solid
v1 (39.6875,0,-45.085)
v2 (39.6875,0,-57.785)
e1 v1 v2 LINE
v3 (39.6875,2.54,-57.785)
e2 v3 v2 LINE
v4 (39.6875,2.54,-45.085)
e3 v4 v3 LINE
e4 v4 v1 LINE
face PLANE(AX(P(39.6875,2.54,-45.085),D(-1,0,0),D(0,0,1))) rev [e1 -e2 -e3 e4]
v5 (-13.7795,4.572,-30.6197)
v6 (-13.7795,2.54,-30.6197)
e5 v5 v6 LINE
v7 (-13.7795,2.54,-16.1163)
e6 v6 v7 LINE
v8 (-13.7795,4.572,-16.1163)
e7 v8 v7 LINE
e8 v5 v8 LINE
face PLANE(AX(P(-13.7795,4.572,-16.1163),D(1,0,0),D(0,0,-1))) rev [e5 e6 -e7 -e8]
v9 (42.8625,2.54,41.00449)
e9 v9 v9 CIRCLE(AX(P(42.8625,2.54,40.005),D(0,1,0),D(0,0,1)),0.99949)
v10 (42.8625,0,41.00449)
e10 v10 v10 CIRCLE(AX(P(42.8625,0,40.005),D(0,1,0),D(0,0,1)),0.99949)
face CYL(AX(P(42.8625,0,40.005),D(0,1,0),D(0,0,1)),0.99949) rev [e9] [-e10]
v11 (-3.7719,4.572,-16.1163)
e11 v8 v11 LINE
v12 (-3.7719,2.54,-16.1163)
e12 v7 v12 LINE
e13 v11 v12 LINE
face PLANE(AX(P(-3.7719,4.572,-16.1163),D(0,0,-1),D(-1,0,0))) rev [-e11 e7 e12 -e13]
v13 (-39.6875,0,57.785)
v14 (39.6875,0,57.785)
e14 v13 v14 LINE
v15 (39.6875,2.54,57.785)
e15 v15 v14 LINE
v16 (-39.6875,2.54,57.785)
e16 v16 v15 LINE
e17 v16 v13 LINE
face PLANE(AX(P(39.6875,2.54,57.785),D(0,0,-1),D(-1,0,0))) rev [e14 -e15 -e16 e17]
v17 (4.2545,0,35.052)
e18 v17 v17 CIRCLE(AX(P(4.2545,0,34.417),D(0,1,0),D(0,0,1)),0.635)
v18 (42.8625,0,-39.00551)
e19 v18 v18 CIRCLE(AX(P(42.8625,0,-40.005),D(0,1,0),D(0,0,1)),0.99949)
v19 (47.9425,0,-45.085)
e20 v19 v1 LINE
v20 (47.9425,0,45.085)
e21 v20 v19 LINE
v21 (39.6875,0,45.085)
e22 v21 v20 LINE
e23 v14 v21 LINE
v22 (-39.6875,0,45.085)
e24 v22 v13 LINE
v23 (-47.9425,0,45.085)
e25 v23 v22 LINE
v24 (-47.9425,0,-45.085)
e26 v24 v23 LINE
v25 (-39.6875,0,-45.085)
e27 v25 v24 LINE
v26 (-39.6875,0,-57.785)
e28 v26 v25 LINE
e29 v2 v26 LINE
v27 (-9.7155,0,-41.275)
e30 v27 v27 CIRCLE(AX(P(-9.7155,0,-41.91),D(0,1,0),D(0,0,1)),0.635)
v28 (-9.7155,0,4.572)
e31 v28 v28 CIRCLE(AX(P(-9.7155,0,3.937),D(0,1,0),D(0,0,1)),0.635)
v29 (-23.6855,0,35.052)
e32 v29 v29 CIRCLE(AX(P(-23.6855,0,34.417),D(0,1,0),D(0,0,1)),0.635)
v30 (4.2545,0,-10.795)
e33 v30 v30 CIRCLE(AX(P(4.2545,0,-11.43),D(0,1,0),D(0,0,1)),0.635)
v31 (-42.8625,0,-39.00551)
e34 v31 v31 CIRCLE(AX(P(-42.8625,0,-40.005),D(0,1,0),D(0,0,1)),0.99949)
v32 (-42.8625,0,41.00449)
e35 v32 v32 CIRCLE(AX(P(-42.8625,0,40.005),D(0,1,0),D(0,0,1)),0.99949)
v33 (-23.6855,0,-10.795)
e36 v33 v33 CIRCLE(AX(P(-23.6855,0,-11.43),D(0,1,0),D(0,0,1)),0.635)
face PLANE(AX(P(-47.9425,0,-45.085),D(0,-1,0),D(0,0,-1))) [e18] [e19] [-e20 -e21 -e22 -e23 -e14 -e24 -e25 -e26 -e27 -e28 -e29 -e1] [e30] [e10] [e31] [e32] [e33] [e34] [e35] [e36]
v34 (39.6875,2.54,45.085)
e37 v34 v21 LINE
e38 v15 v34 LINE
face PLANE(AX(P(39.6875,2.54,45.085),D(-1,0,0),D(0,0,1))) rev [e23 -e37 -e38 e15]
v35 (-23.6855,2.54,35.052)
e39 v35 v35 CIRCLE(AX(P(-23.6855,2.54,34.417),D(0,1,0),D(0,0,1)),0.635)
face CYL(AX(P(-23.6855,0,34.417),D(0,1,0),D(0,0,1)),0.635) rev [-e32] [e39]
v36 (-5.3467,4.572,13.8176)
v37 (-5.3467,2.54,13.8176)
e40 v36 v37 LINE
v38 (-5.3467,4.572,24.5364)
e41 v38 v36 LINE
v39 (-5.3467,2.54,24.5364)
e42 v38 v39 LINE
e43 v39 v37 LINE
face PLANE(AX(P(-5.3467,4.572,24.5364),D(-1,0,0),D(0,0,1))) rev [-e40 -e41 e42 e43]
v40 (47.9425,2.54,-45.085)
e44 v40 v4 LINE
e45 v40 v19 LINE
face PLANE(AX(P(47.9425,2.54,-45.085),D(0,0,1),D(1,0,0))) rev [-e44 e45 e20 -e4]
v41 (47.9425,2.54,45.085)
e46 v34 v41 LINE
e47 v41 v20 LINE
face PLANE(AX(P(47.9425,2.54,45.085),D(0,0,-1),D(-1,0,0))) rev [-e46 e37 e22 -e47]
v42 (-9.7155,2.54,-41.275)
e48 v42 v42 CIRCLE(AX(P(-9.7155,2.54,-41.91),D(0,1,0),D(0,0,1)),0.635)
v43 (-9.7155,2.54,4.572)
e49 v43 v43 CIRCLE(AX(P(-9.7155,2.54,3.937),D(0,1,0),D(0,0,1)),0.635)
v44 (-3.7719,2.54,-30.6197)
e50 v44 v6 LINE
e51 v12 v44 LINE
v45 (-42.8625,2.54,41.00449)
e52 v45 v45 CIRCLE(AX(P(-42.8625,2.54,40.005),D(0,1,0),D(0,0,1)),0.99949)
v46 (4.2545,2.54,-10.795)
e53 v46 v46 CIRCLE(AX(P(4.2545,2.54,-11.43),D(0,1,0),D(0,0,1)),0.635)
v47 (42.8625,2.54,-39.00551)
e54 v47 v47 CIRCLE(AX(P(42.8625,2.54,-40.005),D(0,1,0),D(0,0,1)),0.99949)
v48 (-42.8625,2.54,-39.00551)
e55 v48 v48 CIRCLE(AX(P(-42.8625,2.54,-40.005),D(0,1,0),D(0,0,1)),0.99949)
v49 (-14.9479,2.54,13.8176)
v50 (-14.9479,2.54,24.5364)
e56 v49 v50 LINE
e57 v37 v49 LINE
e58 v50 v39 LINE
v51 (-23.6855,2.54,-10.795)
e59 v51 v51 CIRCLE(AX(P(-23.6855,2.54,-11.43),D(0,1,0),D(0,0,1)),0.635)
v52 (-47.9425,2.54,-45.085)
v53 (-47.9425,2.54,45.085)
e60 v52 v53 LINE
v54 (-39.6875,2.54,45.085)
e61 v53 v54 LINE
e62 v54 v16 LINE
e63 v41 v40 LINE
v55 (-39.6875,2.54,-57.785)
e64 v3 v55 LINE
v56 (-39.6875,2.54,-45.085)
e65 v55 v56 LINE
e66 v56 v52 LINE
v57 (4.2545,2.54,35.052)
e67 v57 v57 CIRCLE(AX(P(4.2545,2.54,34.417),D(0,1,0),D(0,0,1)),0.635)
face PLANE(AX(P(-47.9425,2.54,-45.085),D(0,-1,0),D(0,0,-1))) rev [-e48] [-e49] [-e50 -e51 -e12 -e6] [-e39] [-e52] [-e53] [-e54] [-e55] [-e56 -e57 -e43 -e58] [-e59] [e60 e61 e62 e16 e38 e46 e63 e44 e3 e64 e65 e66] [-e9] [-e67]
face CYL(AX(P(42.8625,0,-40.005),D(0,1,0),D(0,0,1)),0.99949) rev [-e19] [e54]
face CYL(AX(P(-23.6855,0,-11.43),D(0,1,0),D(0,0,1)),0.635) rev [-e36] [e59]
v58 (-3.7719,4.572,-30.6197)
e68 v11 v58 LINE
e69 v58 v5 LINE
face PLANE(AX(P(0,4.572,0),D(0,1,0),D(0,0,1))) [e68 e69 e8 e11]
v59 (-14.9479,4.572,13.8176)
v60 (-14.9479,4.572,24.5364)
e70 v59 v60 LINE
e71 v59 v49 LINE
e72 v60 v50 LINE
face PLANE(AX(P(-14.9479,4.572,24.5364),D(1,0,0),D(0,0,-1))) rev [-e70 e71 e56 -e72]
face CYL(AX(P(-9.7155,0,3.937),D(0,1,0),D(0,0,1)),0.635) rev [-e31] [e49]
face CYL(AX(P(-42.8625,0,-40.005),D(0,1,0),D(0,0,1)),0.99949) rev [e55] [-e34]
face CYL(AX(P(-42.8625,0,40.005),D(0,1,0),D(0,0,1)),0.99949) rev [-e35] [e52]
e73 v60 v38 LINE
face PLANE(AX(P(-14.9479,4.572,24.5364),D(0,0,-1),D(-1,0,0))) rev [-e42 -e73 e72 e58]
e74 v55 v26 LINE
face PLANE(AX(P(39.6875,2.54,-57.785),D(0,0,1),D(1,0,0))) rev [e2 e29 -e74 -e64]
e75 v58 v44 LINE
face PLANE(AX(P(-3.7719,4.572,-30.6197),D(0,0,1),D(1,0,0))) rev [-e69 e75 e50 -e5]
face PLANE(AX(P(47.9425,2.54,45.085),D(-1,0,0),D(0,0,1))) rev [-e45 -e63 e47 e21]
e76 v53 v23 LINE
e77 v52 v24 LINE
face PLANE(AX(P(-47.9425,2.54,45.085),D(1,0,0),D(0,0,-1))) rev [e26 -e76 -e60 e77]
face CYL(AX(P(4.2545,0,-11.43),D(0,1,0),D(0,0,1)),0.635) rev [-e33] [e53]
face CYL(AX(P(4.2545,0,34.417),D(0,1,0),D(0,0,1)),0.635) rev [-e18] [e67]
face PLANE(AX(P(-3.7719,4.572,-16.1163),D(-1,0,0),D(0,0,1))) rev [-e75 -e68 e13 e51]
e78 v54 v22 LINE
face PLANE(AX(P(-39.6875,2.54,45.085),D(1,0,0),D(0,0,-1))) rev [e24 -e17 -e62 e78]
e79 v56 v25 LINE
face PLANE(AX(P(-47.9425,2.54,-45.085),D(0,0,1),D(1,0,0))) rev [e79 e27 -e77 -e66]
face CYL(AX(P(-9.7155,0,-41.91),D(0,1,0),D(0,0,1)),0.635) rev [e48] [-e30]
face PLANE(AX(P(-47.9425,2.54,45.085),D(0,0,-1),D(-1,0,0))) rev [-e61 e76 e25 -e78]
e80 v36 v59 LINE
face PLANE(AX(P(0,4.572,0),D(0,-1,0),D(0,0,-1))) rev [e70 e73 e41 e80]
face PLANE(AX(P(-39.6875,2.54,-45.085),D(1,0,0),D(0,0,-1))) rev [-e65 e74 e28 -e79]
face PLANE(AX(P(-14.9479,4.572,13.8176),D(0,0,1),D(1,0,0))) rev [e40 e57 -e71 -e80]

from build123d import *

# Parameters (mm, degrees)
BOSS_EXTRUDE1_DEPTH = 2.54
SKETCH3_W           = 9.6012
SKETCH3_H           = 10.7188
SKETCH3_W_2         = 10.0076
SKETCH3_H_2         = 14.5034
BOSS_EXTRUDE2_DEPTH = 4.572
SKETCH4_R           = 0.635
CUT_EXTRUDE1_DEPTH  = 3.54
SKETCH5_R           = 0.99949
CUT_EXTRUDE2_DEPTH  = 3.54


with BuildPart() as part:
    # Sketch1 → Boss-Extrude1 (new body)
    with BuildSketch(Plane(origin=(0, 0, 0), x_dir=(1, 0, 0), z_dir=(0, 1, 0))):
        Polygon((-47.9425, 45.085), (-39.6875, 45.085), (-39.6875, 57.785), (39.6875, 57.785), (39.6875, 45.085), (47.9425, 45.085), (47.9425, -45.085), (39.6875, -45.085), (39.6875, -57.785), (-39.6875, -57.785), (-39.6875, -45.085), (-47.9425, -45.085), align=None)
    extrude(amount=BOSS_EXTRUDE1_DEPTH)

    # Sketch3 → Boss-Extrude2 (add)
    with BuildSketch(Plane(origin=(0, 0, 0), x_dir=(1, 0, 0), z_dir=(0, 1, 0))):
        with Locations((-10.1473, -19.177)):
            Rectangle(SKETCH3_W, SKETCH3_H)
        with Locations((-8.7757, 23.368)):
            Rectangle(SKETCH3_W_2, SKETCH3_H_2)
    extrude(amount=BOSS_EXTRUDE2_DEPTH)

    # Sketch4 → Cut-Extrude1 (cut, through all)
    with BuildSketch(Plane(origin=(0, 2.54, 0), x_dir=(1, 0, 0), z_dir=(0, 1, 0))):
        with Locations((4.2545, -34.417)):
            Circle(SKETCH4_R)
        with Locations((-23.6855, -34.417)):
            Circle(SKETCH4_R)
        with Locations((-9.7155, -3.937)):
            Circle(SKETCH4_R)
        with Locations((4.2545, 11.43)):
            Circle(SKETCH4_R)
        with Locations((-23.6855, 11.43)):
            Circle(SKETCH4_R)
        with Locations((-9.7155, 41.91)):
            Circle(SKETCH4_R)
    extrude(amount=-CUT_EXTRUDE1_DEPTH, mode=Mode.SUBTRACT)

    # Sketch5 → Cut-Extrude2 (cut, through all)
    with BuildSketch(Plane(origin=(0, 2.54, 0), x_dir=(1, 0, 0), z_dir=(0, 1, 0))):
        with Locations((42.8625, -40.005)):
            Circle(SKETCH5_R)
        with Locations((42.8625, 40.005)):
            Circle(SKETCH5_R)
        with Locations((-42.8625, -40.005)):
            Circle(SKETCH5_R)
        with Locations((-42.8625, 40.005)):
            Circle(SKETCH5_R)
    extrude(amount=-CUT_EXTRUDE2_DEPTH, mode=Mode.SUBTRACT)


solid = part.part
